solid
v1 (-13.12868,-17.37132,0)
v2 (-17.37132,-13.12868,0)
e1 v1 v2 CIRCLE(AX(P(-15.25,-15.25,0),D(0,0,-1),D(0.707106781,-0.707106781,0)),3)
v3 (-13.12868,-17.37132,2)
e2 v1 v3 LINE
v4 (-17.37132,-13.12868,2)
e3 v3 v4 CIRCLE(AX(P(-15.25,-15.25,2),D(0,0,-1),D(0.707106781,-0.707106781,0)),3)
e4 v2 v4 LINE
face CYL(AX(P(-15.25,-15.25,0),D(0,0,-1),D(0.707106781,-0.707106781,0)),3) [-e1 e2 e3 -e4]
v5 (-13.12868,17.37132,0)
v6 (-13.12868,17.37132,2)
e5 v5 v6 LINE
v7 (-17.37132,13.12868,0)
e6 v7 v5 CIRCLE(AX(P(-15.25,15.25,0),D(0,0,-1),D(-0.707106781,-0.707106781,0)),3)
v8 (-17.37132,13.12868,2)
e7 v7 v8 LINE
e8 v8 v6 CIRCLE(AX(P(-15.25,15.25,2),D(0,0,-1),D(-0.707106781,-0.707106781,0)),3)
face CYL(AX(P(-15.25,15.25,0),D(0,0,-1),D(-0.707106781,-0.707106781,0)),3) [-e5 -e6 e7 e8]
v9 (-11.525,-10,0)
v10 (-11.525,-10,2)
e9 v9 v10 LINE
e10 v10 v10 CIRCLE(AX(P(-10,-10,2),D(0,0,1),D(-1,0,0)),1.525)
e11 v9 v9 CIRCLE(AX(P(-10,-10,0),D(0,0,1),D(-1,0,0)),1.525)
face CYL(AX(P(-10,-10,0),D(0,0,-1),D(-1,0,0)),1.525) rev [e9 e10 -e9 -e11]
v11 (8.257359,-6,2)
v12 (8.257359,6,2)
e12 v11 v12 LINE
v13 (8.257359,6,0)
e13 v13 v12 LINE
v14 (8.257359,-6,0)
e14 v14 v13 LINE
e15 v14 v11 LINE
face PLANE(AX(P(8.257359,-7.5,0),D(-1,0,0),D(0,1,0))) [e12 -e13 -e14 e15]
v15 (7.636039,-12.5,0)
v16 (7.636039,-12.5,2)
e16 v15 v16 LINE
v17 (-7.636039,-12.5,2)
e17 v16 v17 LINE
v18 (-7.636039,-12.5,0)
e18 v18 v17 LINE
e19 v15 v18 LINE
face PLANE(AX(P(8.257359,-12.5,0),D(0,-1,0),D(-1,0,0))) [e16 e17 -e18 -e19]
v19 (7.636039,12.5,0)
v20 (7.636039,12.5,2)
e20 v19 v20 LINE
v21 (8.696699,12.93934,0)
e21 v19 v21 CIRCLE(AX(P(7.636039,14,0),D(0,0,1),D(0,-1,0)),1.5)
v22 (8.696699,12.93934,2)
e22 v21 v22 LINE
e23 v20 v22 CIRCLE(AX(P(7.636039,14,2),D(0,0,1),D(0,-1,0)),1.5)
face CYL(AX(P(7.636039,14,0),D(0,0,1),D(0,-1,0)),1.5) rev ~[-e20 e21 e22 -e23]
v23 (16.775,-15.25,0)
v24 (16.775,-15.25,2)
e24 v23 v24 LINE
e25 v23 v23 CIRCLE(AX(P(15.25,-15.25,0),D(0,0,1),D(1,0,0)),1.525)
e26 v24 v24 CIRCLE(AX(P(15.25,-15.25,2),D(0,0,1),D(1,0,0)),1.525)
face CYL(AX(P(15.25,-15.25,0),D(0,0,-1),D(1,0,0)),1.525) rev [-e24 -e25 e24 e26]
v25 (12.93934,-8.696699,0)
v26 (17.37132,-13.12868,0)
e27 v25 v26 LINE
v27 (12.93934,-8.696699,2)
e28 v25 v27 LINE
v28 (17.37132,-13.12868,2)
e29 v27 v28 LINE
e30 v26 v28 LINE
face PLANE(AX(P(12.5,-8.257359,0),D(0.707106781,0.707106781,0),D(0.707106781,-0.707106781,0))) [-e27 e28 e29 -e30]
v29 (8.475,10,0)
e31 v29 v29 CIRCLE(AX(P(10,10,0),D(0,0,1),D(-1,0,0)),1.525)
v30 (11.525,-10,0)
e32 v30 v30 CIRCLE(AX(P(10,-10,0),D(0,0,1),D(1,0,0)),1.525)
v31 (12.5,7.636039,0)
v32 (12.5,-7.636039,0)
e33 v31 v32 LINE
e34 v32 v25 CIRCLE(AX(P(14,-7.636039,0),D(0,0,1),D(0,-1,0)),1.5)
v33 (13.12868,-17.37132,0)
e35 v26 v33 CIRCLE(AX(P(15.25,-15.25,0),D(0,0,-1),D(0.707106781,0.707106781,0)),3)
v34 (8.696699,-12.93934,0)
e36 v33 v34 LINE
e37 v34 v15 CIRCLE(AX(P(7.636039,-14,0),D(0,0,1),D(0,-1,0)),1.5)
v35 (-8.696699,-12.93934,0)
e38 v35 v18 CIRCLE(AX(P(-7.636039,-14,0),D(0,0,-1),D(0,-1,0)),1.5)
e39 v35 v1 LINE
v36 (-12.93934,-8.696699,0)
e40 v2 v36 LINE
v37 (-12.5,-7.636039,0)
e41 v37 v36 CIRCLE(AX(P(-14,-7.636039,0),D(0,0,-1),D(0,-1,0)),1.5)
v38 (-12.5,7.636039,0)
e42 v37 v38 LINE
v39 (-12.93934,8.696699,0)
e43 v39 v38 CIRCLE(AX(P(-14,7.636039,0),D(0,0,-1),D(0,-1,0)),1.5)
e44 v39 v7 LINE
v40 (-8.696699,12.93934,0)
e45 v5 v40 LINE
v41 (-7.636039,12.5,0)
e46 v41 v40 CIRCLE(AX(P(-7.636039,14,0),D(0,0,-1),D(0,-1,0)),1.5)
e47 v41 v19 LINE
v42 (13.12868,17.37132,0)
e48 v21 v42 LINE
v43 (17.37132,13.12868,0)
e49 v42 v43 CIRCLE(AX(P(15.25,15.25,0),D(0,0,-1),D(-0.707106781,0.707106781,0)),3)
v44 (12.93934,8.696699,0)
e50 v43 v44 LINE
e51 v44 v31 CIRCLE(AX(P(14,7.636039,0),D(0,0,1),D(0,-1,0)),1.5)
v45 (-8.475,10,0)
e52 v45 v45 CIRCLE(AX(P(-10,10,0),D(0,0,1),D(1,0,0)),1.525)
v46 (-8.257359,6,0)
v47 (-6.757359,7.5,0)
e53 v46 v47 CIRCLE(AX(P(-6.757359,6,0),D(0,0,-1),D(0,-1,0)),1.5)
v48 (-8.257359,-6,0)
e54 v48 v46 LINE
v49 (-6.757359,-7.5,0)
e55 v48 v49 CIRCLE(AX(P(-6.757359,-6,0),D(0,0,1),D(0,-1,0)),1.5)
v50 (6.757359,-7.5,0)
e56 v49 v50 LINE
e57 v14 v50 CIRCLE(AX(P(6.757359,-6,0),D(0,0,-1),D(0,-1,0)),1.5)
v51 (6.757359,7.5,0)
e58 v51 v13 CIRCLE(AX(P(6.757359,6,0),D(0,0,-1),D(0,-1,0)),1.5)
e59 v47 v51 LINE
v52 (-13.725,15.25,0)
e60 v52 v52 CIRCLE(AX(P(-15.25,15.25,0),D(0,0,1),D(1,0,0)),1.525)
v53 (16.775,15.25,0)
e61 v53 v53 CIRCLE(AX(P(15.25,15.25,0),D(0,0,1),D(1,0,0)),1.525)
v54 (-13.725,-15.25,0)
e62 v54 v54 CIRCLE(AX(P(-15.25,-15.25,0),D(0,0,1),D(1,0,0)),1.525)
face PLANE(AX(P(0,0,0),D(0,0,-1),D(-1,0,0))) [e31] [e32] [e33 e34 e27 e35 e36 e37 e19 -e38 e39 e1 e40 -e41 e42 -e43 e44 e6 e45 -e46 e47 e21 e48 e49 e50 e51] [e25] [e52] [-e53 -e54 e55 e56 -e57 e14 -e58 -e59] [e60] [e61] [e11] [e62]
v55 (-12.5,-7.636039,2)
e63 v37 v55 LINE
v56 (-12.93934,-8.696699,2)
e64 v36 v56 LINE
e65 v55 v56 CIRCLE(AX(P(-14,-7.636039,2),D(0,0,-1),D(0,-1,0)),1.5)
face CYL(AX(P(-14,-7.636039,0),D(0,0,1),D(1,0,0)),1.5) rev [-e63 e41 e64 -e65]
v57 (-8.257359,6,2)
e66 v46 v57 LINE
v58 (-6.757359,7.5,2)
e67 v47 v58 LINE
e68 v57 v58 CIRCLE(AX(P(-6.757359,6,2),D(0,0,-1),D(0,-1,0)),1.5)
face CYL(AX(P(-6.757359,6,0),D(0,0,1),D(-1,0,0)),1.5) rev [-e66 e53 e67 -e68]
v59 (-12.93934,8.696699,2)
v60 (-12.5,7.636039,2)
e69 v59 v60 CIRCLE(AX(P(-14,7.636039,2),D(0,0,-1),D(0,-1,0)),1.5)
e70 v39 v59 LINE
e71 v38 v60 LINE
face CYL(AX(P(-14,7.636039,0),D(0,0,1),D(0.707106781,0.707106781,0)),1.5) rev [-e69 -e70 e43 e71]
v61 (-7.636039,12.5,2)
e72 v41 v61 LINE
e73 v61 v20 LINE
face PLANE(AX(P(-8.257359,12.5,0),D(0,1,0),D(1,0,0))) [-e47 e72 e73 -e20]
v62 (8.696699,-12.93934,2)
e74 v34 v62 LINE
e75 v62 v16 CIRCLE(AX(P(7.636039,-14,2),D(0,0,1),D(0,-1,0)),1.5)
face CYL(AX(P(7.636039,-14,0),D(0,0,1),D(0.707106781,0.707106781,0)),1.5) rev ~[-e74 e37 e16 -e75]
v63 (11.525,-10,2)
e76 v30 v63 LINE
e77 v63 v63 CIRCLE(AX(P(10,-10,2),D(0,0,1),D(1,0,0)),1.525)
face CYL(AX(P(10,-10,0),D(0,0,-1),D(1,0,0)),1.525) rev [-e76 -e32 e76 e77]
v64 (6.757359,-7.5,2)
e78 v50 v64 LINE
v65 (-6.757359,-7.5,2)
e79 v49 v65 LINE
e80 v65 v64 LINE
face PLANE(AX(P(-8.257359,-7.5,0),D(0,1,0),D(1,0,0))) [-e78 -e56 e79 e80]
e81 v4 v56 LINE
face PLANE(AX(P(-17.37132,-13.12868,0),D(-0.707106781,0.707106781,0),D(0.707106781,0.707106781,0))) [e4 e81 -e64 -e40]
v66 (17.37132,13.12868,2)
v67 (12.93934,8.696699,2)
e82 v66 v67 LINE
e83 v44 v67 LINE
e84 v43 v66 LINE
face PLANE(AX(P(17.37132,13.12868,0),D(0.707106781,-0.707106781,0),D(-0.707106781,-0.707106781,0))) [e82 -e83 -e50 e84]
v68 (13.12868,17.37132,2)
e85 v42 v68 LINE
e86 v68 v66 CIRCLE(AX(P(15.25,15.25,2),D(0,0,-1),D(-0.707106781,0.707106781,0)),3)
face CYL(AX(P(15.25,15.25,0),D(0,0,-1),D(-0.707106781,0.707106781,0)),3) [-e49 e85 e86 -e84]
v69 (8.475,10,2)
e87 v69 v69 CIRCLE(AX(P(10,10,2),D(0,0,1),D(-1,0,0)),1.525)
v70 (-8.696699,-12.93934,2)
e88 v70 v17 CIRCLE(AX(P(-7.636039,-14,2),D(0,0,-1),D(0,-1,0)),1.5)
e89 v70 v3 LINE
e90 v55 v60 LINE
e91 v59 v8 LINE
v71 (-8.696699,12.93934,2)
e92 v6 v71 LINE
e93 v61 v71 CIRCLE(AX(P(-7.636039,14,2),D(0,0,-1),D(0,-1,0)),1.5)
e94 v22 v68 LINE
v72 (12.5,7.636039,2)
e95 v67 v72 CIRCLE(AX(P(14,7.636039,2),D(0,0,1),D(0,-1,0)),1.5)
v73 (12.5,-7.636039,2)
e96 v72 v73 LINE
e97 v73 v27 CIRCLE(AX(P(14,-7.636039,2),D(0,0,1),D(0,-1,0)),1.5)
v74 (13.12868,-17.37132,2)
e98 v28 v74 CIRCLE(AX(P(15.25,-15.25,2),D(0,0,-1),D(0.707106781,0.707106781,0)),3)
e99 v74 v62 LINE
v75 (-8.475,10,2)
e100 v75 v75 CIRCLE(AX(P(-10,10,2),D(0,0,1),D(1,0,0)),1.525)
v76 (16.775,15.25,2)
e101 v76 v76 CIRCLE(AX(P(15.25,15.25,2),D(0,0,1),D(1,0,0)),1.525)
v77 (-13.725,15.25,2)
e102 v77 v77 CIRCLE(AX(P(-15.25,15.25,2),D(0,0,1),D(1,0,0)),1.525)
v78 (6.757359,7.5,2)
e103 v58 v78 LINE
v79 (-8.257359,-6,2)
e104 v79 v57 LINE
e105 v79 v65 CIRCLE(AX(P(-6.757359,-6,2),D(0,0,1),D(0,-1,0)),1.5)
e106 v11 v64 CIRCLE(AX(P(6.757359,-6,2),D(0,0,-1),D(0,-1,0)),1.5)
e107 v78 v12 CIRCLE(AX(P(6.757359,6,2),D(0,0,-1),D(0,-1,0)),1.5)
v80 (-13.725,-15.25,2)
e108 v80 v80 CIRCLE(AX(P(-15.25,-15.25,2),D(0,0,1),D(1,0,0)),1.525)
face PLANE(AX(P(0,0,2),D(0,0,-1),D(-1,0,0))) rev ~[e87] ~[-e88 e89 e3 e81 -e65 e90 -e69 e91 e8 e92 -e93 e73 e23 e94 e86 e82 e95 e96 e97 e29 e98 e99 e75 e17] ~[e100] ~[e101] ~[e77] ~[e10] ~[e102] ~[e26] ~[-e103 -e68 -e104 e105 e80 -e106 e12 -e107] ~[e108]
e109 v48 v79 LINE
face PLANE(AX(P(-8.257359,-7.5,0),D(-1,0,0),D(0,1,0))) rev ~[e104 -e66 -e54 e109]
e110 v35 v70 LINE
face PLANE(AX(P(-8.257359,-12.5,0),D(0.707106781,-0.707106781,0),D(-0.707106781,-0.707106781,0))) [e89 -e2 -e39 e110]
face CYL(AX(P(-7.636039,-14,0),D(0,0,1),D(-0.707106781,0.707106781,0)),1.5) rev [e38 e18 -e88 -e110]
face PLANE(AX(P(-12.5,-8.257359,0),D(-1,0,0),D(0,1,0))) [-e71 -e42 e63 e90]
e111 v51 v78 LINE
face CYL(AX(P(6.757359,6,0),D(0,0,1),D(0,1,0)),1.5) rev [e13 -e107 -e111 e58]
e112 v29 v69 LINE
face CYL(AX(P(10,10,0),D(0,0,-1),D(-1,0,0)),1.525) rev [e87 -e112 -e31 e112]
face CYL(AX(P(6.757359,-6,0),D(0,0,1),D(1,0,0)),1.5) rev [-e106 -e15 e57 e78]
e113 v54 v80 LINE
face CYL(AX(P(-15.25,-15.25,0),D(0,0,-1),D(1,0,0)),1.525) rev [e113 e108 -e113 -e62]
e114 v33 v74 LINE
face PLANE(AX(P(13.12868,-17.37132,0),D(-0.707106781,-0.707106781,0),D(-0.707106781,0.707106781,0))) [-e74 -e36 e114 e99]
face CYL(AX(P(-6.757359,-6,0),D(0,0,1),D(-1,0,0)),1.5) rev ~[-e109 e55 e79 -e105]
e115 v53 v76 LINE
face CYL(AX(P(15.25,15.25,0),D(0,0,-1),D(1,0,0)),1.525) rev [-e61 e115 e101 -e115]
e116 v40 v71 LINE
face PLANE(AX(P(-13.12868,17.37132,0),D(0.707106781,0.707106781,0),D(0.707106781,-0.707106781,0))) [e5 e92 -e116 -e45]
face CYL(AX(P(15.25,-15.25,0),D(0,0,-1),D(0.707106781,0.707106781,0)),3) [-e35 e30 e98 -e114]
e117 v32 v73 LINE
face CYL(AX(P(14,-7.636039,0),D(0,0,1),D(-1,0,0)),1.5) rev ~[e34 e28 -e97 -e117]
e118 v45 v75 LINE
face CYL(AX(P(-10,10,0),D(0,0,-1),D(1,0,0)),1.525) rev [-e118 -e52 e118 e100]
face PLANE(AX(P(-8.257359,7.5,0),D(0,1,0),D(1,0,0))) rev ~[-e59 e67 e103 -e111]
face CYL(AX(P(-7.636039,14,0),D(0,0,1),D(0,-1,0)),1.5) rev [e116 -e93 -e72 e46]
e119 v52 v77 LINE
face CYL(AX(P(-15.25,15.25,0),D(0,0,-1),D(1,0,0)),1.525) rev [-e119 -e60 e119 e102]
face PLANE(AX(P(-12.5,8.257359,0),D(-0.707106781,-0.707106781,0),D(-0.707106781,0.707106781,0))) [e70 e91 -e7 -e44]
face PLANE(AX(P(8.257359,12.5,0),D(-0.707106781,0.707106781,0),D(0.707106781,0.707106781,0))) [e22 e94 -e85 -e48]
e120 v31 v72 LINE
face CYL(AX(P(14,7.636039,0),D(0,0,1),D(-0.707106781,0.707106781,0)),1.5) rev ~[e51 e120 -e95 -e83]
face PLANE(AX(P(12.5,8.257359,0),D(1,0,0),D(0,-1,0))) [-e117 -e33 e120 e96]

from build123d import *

# Parameters (mm, degrees)
SKETCH_1_R      = 1.525
SKETCH_1_W      = 16.514718626
SKETCH_1_H      = 15
EXTRUDE_1_DEPTH = 2
FILLET_1_R      = 1.5


with BuildPart() as part:
    # 草图1 → 凸台-拉伸1 (new body)
    with BuildSketch(Plane.XY):
        with BuildLine():
            Line((-8.257359313, 12.5), (8.257359313, 12.5))
            Line((8.257359313, 12.5), (13.128679656, 17.371320344))
            ThreePointArc((13.128679656, 17.371320344), (17.371320344, 17.371320344), (17.371320344, 13.128679656))
            Line((17.371320344, 13.128679656), (12.5, 8.257359313))
            Line((12.5, 8.257359313), (12.5, -8.257359313))
            Line((12.5, -8.257359313), (17.371320344, -13.128679656))
            ThreePointArc((17.371320344, -13.128679656), (17.371320344, -17.371320344), (13.128679656, -17.371320344))
            Line((13.128679656, -17.371320344), (8.257359313, -12.5))
            Line((8.257359313, -12.5), (-8.257359313, -12.5))
            Line((-8.257359313, -12.5), (-13.128679656, -17.371320344))
            ThreePointArc((-13.128679656, -17.371320344), (-17.371320344, -17.371320344), (-17.371320344, -13.128679656))
            Line((-17.371320344, -13.128679656), (-12.5, -8.257359313))
            Line((-12.5, -8.257359313), (-12.5, 8.257359313))
            Line((-12.5, 8.257359313), (-17.371320344, 13.128679656))
            ThreePointArc((-17.371320344, 13.128679656), (-17.371320344, 17.371320344), (-13.128679656, 17.371320344))
            Line((-13.128679656, 17.371320344), (-8.257359313, 12.5))
        make_face()
        with Locations((-15.25, 15.25)):
            Circle(SKETCH_1_R, mode=Mode.SUBTRACT)
        with Locations((15.25, 15.25)):
            Circle(SKETCH_1_R, mode=Mode.SUBTRACT)
        with Locations((-15.25, -15.25)):
            Circle(SKETCH_1_R, mode=Mode.SUBTRACT)
        with Locations((15.25, -15.25)):
            Circle(SKETCH_1_R, mode=Mode.SUBTRACT)
        with Locations((-10, 10)):
            Circle(SKETCH_1_R, mode=Mode.SUBTRACT)
        with Locations(Location((10, 10, 0), (0, 0, 180))):
            Circle(SKETCH_1_R, mode=Mode.SUBTRACT)
        with Locations((10, -10)):
            Circle(SKETCH_1_R, mode=Mode.SUBTRACT)
        with Locations(Location((-10, -10, 0), (0, 0, 180))):
            Circle(SKETCH_1_R, mode=Mode.SUBTRACT)
        Rectangle(SKETCH_1_W, SKETCH_1_H, mode=Mode.SUBTRACT)
    extrude(amount=EXTRUDE_1_DEPTH)

    # 圆角1
    fillet_1_edges = [part.edges().sort_by_distance(p)[0] for p in [
        (-8.257359313, 12.5, 1),
        (8.257359313, 12.5, 1),
        (12.5, 8.257359313, 1),
        (12.5, -8.257359313, 1),
        (8.257359313, -12.5, 1),
        (-8.257359313, -12.5, 1),
        (-12.5, -8.257359313, 1),
        (-12.5, 8.257359313, 1),
        (-8.257359313, 7.5, 1),
        (-8.257359313, -7.5, 1),
        (8.257359313, -7.5, 1),
        (8.257359313, 7.5, 1),
    ]]
    fillet(fillet_1_edges, radius=FILLET_1_R)


solid = part.part
